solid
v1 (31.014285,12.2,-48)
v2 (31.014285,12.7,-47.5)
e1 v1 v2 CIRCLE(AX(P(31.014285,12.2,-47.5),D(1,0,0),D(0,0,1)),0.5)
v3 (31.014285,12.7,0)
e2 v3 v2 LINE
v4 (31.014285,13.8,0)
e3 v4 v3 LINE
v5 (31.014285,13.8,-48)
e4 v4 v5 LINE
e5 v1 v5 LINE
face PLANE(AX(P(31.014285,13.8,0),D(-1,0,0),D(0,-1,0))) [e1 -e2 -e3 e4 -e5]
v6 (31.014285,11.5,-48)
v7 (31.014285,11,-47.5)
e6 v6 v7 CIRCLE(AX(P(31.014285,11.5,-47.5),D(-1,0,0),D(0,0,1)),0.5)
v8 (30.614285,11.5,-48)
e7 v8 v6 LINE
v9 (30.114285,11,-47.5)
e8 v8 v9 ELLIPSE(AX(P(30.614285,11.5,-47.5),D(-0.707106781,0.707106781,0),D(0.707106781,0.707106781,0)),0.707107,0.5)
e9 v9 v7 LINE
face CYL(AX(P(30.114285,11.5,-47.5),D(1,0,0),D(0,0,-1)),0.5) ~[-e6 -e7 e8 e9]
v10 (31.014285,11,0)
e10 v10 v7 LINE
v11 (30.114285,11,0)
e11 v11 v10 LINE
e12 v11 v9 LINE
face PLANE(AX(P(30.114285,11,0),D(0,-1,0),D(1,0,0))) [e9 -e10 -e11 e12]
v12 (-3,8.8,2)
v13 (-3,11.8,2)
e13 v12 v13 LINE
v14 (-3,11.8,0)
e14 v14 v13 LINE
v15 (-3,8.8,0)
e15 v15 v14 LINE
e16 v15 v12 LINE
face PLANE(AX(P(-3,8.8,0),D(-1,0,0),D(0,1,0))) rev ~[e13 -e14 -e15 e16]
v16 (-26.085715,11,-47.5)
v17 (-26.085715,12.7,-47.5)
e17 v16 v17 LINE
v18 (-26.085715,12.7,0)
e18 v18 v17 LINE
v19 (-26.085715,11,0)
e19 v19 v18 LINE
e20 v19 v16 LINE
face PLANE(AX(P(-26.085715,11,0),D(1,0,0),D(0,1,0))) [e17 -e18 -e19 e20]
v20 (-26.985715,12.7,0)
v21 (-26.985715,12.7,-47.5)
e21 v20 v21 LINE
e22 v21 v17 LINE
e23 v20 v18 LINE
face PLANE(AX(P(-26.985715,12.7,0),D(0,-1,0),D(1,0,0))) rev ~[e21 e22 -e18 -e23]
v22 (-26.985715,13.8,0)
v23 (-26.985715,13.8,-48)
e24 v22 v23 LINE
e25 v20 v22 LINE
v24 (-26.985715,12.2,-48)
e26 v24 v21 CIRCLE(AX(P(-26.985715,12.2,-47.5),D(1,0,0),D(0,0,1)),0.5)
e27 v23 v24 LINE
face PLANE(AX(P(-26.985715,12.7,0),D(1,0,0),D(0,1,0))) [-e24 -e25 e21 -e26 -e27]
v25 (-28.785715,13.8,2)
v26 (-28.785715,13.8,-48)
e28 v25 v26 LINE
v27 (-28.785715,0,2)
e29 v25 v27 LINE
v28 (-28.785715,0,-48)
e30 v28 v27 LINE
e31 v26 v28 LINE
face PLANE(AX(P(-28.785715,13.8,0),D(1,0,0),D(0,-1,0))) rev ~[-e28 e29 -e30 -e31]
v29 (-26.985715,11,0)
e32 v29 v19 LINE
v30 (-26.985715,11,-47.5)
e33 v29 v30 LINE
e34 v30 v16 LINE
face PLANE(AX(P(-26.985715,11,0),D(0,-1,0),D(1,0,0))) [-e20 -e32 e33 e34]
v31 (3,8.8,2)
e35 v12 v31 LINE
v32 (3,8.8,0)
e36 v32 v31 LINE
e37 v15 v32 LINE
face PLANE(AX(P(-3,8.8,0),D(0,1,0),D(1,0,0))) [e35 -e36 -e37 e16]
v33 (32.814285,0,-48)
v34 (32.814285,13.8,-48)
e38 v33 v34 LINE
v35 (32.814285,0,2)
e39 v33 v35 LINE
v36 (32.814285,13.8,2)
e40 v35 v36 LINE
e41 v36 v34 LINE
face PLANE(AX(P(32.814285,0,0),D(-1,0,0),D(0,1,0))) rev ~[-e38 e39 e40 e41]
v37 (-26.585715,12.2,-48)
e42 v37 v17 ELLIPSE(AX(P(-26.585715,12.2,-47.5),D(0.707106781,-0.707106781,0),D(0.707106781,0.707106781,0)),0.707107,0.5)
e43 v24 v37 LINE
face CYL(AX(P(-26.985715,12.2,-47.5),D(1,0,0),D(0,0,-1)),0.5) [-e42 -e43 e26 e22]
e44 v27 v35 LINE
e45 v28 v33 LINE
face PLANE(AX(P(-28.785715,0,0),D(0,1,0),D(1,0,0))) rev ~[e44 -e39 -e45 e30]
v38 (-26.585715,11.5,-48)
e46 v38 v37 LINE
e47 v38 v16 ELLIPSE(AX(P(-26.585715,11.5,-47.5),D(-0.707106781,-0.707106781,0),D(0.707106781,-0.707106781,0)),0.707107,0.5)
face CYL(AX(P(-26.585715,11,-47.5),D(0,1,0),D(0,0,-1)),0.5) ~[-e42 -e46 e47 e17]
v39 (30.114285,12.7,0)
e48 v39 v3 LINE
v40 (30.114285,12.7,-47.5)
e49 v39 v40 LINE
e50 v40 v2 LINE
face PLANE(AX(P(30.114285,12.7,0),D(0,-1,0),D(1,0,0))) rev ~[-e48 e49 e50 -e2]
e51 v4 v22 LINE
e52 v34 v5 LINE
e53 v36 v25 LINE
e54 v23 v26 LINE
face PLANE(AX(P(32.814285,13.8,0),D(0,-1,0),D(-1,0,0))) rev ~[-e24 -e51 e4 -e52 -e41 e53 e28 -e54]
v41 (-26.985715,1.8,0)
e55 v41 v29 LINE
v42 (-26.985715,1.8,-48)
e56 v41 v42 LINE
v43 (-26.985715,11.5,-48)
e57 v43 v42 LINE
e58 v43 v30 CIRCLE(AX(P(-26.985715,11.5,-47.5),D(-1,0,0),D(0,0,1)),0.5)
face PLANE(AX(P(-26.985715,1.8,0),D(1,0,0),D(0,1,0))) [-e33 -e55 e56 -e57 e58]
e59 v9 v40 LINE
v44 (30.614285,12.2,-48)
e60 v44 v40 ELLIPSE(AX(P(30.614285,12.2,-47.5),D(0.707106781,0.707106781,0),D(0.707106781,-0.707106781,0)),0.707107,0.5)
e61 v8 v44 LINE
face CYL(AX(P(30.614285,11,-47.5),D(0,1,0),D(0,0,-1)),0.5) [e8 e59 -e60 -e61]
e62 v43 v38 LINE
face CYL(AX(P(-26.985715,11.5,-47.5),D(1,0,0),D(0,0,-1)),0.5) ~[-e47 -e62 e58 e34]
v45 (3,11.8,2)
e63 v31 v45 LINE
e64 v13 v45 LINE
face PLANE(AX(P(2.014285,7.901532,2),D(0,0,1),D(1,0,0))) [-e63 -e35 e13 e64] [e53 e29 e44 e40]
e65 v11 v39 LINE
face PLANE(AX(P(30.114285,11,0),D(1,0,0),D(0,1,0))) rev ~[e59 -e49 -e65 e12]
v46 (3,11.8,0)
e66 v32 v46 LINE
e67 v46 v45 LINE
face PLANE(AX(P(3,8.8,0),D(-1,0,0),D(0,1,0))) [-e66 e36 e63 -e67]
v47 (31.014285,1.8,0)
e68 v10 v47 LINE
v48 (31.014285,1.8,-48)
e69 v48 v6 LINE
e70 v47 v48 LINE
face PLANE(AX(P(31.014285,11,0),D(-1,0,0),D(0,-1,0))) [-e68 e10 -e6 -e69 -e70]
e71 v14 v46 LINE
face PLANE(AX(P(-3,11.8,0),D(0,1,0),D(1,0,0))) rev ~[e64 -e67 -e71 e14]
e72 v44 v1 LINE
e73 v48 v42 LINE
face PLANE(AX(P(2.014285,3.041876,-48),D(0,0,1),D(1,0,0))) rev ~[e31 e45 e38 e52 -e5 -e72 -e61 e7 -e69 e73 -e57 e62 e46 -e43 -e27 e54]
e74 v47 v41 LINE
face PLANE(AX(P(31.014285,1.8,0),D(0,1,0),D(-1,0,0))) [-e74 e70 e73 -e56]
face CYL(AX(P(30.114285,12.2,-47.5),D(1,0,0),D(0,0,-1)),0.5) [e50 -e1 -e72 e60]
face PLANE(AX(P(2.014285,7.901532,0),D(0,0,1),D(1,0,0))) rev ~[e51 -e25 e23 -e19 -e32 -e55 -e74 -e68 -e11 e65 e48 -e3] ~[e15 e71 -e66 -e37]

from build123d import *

# Parameters (mm, degrees)
F0_W     = 0.9
F0_H     = 1.7
F1_DEPTH = 48
F0_W_2   = 6
F0_H_2   = 3
F2_DEPTH = 2
F3_R     = 0.5


with BuildPart() as f1:
    # F0 (on Top) → F1 (new body)
    with BuildSketch(Plane.XY):
        Polygon((-26.985715, 13.8), (-28.785715, 13.8), (-28.785715, 0), (32.814285, 0), (32.814285, 13.8), (31.014285, 13.8), (31.014285, 12.7), (31.014285, 11), (31.014285, 1.8), (-26.985715, 1.8), (-26.985715, 11), (-26.985715, 12.7), align=None)
        with Locations((-26.535715, 11.85)):
            Rectangle(F0_W, F0_H)
        with Locations((30.564285, 11.85)):
            Rectangle(F0_W, F0_H)
    extrude(amount=-F1_DEPTH)

    # F0 (on Top) → F2 (join)
    with BuildSketch(Plane.XY):
        Polygon((31.014285, 13.8), (-26.985715, 13.8), (-26.985715, 12.7), (-26.085715, 12.7), (-26.085715, 11), (-26.985715, 11), (-26.985715, 1.8), (31.014285, 1.8), (31.014285, 11), (30.114285, 11), (30.114285, 12.7), (31.014285, 12.7), align=None)
        with Locations((0, 10.3)):
            Rectangle(F0_W_2, F0_H_2, mode=Mode.SUBTRACT)
        Polygon((-26.985715, 13.8), (-28.785715, 13.8), (-28.785715, 0), (32.814285, 0), (32.814285, 13.8), (31.014285, 13.8), (31.014285, 12.7), (31.014285, 11), (31.014285, 1.8), (-26.985715, 1.8), (-26.985715, 11), (-26.985715, 12.7), align=None)
        with Locations((-26.535715, 11.85)):
            Rectangle(F0_W, F0_H)
        with Locations((30.564285, 11.85)):
            Rectangle(F0_W, F0_H)
    extrude(amount=F2_DEPTH)

    # F3
    f3_edges = [f1.edges().sort_by_distance(p)[0] for p in [
        (-26.535715, 11, -48),
        (-26.535715, 12.7, -48),
        (-26.085715, 11.85, -48),
        (30.564285, 11, -48),
        (30.564285, 12.7, -48),
        (30.114285, 11.85, -48),
    ]]
    fillet(f3_edges, radius=F3_R)


solid = f1.part
